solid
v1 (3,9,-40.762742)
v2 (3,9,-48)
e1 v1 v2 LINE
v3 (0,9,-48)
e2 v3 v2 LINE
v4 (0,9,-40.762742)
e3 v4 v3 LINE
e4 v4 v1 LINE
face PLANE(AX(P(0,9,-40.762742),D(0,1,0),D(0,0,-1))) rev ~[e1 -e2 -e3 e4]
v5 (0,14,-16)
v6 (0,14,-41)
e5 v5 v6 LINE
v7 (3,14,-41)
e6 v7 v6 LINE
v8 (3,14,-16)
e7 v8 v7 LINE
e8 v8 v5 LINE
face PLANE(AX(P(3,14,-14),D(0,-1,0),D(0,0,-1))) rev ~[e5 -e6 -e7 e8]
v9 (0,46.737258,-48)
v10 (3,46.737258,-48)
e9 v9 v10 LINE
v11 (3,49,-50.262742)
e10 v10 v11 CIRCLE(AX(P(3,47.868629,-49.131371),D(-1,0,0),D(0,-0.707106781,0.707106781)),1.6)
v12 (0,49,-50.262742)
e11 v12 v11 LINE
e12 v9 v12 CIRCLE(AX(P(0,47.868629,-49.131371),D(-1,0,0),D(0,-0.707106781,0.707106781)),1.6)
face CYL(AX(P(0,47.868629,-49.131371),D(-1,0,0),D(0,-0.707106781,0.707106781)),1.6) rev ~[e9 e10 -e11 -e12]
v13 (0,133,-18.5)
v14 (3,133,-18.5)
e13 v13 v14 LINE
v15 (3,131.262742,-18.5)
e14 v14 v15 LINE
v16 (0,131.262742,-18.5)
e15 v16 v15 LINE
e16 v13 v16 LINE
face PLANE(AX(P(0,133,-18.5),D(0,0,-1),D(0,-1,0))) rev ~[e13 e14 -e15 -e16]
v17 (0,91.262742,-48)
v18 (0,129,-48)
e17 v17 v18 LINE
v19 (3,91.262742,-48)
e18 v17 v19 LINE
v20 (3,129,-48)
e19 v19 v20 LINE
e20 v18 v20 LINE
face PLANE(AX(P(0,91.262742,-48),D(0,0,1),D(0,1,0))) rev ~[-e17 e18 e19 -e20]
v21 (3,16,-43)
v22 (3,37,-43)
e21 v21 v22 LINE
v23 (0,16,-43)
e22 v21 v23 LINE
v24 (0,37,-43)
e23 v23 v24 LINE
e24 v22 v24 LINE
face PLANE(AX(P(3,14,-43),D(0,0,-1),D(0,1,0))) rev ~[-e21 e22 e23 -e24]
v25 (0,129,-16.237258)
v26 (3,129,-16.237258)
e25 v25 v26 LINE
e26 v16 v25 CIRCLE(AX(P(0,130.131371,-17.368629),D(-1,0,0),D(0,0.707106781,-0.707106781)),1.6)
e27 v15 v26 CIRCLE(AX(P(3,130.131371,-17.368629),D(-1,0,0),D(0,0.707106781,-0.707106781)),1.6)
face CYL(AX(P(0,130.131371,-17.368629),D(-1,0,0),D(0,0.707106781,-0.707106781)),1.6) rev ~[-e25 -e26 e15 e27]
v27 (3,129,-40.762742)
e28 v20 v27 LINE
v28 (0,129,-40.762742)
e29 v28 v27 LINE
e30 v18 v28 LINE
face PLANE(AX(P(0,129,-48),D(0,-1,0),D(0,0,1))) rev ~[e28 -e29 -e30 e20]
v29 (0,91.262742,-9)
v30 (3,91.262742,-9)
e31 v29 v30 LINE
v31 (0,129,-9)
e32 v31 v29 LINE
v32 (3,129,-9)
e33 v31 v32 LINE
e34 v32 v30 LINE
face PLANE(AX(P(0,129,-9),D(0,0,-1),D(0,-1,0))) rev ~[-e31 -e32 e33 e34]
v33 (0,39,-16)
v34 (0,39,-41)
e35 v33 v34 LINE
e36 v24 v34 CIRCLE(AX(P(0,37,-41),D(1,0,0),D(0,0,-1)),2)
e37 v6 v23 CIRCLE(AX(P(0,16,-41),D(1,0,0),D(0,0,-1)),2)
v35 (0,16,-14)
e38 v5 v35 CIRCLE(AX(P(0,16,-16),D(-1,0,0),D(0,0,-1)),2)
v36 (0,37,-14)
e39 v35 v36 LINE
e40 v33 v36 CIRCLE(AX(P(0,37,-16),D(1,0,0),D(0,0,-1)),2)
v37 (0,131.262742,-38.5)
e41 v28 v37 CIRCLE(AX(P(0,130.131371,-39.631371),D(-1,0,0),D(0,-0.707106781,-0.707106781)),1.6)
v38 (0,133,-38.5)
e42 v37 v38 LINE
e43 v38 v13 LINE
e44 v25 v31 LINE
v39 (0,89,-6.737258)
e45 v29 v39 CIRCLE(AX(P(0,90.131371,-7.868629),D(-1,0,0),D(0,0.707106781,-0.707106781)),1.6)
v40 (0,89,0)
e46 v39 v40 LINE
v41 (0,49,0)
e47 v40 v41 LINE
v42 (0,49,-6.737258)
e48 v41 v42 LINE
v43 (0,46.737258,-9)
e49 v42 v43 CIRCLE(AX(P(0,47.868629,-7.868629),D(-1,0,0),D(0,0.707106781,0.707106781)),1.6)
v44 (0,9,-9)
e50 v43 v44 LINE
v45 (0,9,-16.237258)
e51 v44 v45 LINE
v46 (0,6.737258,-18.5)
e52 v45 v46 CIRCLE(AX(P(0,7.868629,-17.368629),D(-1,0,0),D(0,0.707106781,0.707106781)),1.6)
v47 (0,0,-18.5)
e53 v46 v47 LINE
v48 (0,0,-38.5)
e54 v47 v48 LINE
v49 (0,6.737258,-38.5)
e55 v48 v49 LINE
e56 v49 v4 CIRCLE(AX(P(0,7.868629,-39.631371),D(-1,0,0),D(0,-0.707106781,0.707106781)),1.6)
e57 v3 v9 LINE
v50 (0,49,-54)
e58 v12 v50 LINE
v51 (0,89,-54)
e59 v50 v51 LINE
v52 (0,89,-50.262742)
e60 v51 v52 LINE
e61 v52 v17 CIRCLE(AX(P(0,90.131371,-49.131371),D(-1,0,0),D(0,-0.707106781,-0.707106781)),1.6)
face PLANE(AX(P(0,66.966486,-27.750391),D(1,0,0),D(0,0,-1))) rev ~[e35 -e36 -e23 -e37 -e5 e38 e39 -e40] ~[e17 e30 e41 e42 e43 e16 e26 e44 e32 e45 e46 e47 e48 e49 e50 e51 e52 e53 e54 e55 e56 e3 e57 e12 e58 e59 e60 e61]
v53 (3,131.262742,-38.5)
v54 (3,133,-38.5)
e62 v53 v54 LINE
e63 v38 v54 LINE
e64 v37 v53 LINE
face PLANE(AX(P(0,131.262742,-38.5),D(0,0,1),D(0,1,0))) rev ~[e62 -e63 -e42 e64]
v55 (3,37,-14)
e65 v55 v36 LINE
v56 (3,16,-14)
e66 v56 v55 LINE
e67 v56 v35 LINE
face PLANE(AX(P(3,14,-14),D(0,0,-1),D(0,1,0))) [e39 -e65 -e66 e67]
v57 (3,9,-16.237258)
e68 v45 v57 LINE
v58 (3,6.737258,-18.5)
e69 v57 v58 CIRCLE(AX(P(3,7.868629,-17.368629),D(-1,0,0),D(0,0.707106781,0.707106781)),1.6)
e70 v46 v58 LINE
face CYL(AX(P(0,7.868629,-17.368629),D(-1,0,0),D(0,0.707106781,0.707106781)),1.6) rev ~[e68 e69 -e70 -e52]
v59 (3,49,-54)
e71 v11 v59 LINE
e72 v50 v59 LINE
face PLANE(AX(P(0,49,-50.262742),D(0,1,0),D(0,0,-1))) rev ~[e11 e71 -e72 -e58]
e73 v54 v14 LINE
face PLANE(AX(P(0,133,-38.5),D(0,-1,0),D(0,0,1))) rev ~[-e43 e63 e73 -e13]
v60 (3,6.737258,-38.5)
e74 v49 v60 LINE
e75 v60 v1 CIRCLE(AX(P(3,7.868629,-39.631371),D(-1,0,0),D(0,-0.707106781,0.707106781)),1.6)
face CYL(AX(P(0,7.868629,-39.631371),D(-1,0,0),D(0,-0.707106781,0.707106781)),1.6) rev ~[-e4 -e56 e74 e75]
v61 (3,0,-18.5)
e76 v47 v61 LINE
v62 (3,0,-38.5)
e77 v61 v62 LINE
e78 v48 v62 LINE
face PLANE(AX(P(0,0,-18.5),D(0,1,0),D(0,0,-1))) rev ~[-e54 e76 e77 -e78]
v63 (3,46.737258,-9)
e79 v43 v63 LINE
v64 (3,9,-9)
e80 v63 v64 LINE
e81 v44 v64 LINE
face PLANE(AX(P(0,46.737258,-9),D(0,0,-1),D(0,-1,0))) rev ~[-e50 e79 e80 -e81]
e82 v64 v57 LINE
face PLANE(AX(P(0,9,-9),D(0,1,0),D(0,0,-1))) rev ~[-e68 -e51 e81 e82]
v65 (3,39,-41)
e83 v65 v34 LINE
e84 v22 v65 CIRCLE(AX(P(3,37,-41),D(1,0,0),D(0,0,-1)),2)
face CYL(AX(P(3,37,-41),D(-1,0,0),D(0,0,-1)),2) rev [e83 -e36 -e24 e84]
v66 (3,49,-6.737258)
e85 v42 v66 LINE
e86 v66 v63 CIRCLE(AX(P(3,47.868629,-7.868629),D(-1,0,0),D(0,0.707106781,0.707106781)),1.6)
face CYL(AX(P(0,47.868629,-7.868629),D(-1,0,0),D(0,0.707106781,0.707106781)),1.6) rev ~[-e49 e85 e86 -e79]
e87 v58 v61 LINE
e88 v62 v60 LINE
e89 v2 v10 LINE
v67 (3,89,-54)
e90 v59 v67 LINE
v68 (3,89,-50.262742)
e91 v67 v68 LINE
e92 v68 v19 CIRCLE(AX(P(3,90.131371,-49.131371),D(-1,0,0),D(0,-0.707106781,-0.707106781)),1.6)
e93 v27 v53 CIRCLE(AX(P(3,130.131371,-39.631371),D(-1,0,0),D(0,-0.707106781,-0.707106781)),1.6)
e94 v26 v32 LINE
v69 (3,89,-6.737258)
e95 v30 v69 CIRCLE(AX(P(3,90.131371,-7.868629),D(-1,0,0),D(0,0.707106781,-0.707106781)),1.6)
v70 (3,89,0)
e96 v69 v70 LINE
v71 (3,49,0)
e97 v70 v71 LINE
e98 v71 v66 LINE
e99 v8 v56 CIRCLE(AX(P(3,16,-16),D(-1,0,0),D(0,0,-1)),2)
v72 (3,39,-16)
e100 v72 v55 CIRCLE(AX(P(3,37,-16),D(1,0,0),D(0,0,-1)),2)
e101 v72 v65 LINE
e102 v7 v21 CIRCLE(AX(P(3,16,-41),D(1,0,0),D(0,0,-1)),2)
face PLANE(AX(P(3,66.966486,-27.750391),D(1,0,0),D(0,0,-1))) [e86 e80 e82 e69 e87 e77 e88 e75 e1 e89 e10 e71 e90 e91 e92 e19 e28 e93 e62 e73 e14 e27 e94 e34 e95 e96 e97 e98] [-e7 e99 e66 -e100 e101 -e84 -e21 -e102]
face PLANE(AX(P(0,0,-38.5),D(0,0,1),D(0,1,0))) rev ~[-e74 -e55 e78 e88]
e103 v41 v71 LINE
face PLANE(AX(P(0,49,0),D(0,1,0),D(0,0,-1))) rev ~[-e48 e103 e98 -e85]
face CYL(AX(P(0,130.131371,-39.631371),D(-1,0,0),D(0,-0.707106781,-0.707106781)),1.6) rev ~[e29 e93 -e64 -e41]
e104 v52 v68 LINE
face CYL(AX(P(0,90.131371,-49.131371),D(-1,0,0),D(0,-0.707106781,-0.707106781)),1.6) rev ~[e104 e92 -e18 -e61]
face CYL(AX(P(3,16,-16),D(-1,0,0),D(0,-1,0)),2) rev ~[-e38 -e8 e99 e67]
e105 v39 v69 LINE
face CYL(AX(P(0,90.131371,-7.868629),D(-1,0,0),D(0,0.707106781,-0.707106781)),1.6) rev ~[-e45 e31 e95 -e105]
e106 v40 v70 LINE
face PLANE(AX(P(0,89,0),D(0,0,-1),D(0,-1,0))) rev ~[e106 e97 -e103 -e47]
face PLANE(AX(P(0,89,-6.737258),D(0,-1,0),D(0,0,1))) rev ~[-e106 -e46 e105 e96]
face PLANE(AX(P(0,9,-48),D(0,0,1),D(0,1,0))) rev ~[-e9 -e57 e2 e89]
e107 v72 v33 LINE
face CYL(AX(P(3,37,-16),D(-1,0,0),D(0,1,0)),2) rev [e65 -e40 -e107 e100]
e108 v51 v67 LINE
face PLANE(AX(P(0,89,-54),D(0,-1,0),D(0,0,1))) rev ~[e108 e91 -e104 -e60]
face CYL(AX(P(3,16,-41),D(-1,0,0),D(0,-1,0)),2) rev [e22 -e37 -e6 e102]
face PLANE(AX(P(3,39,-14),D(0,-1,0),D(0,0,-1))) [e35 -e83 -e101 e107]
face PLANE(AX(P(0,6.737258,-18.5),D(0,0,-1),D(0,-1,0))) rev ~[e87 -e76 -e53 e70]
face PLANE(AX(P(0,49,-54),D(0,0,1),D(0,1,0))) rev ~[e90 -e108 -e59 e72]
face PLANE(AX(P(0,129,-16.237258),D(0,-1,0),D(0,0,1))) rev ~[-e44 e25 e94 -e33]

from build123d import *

# Parameters (mm, degrees)
EXTRUSION1_DEPTH        = 3
ESQUISSE2_W             = 29
ESQUISSE2_H             = 25
ENL_V_MAT_EXTRU_1_DEPTH = 4
CONG_1_R                = 2


with BuildPart() as part:
    # Esquisse1 → Extrusion1 (new body)
    with BuildSketch(Plane(origin=(0, 0, 0), x_dir=(0, 0, -1), z_dir=(1, 0, 0))):
        with BuildLine():
            Line((18.5, 6.7372583), (18.5, 0))
            Line((18.5, 0), (38.5, 0))
            Line((38.5, 0), (38.5, 6.7372583))
            ThreePointArc((38.5, 6.7372583), (38.5, 9), (40.7627417, 9))
            Line((40.7627417, 9), (48, 9))
            Line((48, 9), (48, 46.7372583))
            ThreePointArc((48, 46.7372583), (48, 49), (50.2627417, 49))
            Line((50.2627417, 49), (54, 49))
            Line((54, 49), (54, 89))
            Line((54, 89), (50.2627417, 89))
            ThreePointArc((50.2627417, 89), (48, 89), (48, 91.2627417))
            Line((48, 91.2627417), (48, 129))
            Line((48, 129), (40.7627417, 129))
            ThreePointArc((40.7627417, 129), (38.5, 129), (38.5, 131.2627417))
            Line((38.5, 131.2627417), (38.5, 133))
            Line((38.5, 133), (18.5, 133))
            Line((18.5, 133), (18.5, 131.2627417))
            ThreePointArc((18.5, 131.2627417), (18.5, 129), (16.2372583, 129))
            Line((16.2372583, 129), (9, 129))
            Line((9, 129), (9, 91.2627417))
            ThreePointArc((9, 91.2627417), (9, 89), (6.7372583, 89))
            Line((6.7372583, 89), (0, 89))
            Line((0, 89), (0, 49))
            Line((0, 49), (6.7372583, 49))
            ThreePointArc((6.7372583, 49), (9, 49), (9, 46.7372583))
            Line((9, 46.7372583), (9, 9))
            Line((9, 9), (16.2372583, 9))
            ThreePointArc((16.2372583, 9), (18.5, 9), (18.5, 6.7372583))
        make_face()
    extrude(amount=EXTRUSION1_DEPTH)

    # Esquisse2 → Enlèv. mat.-Extru.1 (cut, through all)
    with BuildSketch(Plane(origin=(3, 0, 0), x_dir=(0, 0, -1), z_dir=(1, 0, 0))):
        with Locations((28.5, 26.5)):
            Rectangle(ESQUISSE2_W, ESQUISSE2_H)
    extrude(amount=-ENL_V_MAT_EXTRU_1_DEPTH, mode=Mode.SUBTRACT)

    # Congé1
    cong_1_edges = [part.edges().sort_by_distance(p)[0] for p in [
        (1.5, 14, -14),
        (1.5, 39, -14),
        (1.5, 39, -43),
        (1.5, 14, -43),
    ]]
    fillet(cong_1_edges, radius=CONG_1_R)


solid = part.part
